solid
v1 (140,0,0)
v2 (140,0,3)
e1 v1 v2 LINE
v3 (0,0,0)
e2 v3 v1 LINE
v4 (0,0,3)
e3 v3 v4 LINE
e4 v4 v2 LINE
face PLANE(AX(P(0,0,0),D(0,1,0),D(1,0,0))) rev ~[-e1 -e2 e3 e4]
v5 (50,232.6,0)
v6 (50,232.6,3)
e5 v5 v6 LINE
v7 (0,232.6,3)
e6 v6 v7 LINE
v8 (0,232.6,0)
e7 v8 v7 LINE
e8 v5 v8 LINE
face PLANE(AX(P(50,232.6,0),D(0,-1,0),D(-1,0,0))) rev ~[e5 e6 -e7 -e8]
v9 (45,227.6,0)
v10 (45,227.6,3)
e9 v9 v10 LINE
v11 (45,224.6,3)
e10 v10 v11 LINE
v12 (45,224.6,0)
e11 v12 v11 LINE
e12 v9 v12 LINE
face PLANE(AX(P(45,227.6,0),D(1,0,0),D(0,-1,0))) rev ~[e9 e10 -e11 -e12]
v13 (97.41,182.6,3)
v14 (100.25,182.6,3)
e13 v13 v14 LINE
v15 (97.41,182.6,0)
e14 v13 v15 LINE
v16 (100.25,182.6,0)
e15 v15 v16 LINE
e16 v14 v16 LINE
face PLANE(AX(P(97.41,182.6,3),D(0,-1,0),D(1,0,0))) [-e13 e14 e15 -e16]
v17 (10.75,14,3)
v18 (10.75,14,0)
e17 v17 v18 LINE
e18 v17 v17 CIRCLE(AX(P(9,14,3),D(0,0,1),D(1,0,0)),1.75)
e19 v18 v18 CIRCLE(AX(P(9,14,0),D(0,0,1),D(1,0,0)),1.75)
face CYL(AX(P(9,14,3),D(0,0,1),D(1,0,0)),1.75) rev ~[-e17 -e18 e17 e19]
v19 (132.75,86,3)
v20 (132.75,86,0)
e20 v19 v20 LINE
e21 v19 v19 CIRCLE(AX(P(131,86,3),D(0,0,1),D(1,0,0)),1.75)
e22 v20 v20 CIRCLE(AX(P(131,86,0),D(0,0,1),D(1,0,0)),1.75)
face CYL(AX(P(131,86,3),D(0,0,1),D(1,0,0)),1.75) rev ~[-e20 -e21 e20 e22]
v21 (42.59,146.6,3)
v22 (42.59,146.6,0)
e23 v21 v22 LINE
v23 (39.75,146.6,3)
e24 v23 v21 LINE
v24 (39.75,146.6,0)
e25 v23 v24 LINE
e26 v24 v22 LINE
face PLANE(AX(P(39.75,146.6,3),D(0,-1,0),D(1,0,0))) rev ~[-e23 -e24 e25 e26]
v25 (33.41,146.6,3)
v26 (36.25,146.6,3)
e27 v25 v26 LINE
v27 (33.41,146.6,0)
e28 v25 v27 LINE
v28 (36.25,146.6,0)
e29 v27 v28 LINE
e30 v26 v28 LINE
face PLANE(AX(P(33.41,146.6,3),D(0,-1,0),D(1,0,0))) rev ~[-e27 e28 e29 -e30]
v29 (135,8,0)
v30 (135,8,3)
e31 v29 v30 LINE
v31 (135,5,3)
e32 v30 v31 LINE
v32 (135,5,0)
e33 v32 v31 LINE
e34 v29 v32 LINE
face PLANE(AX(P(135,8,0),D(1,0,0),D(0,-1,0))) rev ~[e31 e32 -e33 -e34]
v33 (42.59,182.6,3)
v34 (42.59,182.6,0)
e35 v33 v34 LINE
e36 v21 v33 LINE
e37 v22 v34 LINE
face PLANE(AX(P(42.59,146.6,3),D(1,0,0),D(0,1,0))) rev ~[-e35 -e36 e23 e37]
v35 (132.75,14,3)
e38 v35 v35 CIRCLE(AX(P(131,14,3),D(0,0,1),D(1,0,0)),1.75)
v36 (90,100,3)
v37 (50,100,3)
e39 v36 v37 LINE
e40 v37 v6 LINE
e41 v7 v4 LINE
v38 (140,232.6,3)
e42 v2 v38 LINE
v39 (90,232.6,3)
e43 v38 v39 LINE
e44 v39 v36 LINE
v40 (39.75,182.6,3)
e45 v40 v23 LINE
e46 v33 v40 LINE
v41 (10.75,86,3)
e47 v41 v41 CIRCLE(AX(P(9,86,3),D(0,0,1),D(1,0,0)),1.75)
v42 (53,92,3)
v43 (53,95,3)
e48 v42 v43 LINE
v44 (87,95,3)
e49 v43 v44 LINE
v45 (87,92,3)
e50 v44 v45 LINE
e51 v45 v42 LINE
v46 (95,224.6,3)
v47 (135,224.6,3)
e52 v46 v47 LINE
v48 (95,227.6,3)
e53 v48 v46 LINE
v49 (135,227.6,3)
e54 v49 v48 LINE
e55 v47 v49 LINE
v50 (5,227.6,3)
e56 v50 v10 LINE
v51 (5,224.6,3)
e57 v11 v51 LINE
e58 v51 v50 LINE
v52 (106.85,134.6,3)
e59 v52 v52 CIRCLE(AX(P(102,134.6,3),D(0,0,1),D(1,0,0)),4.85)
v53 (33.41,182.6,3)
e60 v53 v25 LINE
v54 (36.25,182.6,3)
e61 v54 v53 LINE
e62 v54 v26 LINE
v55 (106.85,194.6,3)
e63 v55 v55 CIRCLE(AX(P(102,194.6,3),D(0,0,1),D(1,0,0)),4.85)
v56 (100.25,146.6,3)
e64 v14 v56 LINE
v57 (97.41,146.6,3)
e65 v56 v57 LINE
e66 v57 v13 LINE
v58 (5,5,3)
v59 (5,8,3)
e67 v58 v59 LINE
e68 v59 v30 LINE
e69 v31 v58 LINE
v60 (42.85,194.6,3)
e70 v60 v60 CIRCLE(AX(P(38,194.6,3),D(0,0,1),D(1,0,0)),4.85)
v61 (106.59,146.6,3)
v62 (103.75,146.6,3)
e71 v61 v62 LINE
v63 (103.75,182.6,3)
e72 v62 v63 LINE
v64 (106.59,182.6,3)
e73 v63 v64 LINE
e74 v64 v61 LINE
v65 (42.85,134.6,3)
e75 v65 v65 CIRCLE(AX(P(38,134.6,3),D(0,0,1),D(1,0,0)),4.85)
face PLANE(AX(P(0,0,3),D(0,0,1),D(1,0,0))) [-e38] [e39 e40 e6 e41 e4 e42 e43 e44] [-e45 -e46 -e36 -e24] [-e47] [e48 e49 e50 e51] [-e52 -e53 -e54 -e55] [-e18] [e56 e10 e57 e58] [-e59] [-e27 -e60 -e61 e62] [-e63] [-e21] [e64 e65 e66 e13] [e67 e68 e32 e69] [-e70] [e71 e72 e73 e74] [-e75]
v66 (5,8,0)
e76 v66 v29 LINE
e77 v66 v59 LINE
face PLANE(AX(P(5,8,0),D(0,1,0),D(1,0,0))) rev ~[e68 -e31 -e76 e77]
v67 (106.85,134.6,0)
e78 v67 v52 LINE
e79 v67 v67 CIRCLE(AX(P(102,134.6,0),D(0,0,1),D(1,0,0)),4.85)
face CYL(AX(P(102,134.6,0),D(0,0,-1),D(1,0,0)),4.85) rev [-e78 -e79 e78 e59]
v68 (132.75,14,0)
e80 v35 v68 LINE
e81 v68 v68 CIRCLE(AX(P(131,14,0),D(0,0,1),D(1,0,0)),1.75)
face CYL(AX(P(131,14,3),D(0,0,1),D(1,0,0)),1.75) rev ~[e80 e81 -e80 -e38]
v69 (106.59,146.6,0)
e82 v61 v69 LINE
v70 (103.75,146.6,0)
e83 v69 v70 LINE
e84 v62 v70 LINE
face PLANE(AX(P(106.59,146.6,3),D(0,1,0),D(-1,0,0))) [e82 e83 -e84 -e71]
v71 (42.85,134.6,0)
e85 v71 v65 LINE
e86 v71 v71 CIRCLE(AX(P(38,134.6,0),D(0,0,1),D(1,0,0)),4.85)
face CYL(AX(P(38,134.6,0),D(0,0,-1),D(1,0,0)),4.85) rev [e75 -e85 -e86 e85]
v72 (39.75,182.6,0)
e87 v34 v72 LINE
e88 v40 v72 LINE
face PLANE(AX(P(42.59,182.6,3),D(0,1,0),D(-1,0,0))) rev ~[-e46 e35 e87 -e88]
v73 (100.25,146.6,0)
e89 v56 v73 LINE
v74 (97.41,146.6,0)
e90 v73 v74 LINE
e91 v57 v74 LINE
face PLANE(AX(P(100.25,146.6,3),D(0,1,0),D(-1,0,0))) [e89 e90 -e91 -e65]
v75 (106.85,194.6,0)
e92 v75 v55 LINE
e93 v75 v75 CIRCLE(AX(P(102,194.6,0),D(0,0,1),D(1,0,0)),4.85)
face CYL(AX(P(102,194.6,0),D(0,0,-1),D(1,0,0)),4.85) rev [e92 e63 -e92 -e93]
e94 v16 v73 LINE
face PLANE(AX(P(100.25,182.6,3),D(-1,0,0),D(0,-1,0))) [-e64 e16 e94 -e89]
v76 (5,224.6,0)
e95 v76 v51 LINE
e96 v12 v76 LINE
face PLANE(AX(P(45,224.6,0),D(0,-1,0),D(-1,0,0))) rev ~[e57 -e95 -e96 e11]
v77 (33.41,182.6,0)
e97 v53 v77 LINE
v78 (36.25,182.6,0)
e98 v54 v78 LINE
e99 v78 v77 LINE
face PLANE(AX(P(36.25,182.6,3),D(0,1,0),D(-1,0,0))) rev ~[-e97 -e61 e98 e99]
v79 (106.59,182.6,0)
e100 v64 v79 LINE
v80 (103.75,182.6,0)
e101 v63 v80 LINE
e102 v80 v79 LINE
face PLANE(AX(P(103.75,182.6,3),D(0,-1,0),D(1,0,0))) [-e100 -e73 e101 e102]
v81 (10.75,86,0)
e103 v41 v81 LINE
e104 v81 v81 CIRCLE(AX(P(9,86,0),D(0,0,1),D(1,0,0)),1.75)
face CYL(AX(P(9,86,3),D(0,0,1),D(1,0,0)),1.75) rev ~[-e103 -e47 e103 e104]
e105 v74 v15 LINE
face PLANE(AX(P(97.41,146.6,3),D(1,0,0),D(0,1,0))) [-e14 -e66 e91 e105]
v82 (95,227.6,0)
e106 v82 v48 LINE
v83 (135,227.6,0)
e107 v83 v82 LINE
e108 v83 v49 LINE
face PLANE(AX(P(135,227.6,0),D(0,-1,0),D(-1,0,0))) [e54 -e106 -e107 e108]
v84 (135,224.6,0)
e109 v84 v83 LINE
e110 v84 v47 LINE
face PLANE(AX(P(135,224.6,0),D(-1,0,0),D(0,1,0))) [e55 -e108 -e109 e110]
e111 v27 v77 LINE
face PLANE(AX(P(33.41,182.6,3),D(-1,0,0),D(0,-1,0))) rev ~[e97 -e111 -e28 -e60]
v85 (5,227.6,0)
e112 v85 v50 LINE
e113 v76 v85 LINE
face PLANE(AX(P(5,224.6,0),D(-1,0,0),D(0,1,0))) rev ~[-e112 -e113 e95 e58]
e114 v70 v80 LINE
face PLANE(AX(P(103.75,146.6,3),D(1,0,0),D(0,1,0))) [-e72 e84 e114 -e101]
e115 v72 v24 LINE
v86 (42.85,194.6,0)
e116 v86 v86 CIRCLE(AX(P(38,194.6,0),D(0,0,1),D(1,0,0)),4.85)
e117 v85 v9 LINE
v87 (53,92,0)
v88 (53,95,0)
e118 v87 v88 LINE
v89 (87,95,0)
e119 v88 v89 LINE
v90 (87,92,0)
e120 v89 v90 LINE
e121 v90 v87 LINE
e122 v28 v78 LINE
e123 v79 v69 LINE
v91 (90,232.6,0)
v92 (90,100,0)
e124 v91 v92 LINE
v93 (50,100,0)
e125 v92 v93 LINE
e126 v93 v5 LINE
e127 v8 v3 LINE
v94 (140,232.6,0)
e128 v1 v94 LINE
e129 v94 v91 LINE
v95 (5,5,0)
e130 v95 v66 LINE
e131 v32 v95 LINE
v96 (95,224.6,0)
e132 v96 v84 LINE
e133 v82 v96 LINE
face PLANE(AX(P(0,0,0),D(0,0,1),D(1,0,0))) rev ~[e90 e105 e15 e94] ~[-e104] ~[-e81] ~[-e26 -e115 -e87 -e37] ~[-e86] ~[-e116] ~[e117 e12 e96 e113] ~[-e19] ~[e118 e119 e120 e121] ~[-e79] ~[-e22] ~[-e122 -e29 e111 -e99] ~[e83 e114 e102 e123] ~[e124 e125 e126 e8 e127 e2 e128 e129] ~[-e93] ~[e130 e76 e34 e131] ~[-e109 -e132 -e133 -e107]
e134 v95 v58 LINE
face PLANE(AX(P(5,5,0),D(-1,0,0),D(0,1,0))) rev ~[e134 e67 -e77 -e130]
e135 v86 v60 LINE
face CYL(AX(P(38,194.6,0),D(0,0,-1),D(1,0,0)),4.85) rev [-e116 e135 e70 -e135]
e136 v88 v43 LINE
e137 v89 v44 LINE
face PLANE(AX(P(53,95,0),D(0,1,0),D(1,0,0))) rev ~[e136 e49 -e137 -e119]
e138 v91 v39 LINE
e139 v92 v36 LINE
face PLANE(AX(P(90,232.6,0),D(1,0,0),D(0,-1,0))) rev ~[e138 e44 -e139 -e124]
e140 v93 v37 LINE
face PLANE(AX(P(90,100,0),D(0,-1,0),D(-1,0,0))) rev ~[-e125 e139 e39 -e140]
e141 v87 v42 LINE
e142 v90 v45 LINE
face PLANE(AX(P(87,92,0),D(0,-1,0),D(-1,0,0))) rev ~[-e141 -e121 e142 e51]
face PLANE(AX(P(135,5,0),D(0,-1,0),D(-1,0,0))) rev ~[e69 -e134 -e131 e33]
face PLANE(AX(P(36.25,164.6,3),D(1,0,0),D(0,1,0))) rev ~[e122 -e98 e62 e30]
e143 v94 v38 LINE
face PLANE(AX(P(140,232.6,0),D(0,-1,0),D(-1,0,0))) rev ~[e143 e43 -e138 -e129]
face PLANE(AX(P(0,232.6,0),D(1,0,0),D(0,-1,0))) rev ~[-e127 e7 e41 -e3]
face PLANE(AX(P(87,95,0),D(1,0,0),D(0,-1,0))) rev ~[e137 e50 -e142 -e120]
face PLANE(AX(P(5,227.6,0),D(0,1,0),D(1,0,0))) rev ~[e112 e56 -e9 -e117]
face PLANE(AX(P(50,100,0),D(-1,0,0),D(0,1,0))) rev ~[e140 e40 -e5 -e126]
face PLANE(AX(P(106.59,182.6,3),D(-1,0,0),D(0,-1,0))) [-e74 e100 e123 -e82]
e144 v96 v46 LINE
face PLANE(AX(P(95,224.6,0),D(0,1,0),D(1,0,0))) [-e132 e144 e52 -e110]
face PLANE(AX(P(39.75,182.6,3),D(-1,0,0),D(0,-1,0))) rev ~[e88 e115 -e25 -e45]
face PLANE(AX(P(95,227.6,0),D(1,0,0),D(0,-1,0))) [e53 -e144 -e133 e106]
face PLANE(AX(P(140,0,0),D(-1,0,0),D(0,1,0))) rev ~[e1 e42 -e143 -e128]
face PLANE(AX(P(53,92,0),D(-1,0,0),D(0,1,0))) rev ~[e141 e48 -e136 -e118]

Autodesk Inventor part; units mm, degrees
ref_plane "YZ Plane" through (0, 0, 0) normal (1, 0, 0) x (0, 1, 0)
ref_plane "XZ Plane" through (0, 0, 0) normal (0, 1, 0) x (-1, 0, 0)
ref_plane "XY Plane" through (0, 0, 0) normal (0, 0, 1) x (1, 0, 0)
sketch "Sketch1" plane through (0, 0, 0) normal (0, 0, 1) x (1, 0, 0)
  line L0 (0, 0) -> (140, 0)
  line L1 (140, 0) -> (140, 232.6)
  line L2 (140, 232.6) -> (90, 232.6)
  line L3 (90, 232.6) -> (90, 100)
  line L4 (90, 100) -> (50, 100)
  line L5 (50, 100) -> (50, 232.6)
  line L6 (50, 232.6) -> (0, 232.6)
  line L7 (0, 232.6) -> (0, 0)
  line L8 (70, 100) -> (70, 0) construction
  line L9 (30, 232.2963) -> (30, 0) construction
  circle A0 centre (38, 194.6) radius 4.85
  circle A1 centre (38, 134.6) radius 4.85
  circle A2 centre (102, 194.6) radius 4.85
  circle A3 centre (102, 134.6) radius 4.85
  circle A4 centre (30, 194.6) radius 14 construction
  circle A5 centre (30, 134.6) radius 14 construction
  line L10 (5, 227.6) -> (45, 227.6)
  line L11 (45, 227.6) -> (45, 224.6)
  line L12 (45, 224.6) -> (5, 224.6)
  line L13 (5, 224.6) -> (5, 227.6)
  line L14 (53, 95) -> (87, 95)
  line L15 (87, 95) -> (87, 92)
  line L16 (87, 92) -> (53, 92)
  line L17 (53, 92) -> (53, 95)
  line L18 (5, 8) -> (135, 8)
  line L19 (135, 8) -> (135, 5)
  line L20 (135, 5) -> (5, 5)
  line L21 (5, 5) -> (5, 8)
  line L22 (135, 227.6) -> (95, 227.6)
  line L23 (95, 227.6) -> (95, 224.6)
  line L24 (95, 224.6) -> (135, 224.6)
  line L25 (135, 224.6) -> (135, 227.6)
  line L26 (30, 194.6) -> (50, 194.6) construction
  line L27 (30, 134.6) -> (50, 134.6) construction
  circle A6 centre (30, 202.6) radius 4.5
  dimension "d0" = 40
  dimension "d2" = 132.6
  dimension "d3" = 100
  dimension "d4" = 9.7
  dimension "d6" = 60
  dimension "d10" = 28
  dimension "d11" = 8
  dimension "d12" = 8
  dimension "d13" = 5
  dimension "d14" = 5
  dimension "d15" = 5
  dimension "d16" = 3
  dimension "d17" = 3
  dimension "d18" = 5
  dimension "d19" = 3
  dimension "d20" = 3
  dimension "d21" = 5
  dimension "d22" = 5
  dimension "d23" = 5
  dimension "d24" = 3
  dimension "d32" = 9
  dimension "d33" = 8
  dimension "d34" = 30
  dimension "d39" = 20
  dimension "d40" = 50
extrude "Extrusion2" add sketch "Sketch1" along normal blind 3 contours L7 L6 L5 L4 L3 L2 L1 L0 | A6
sketch "Sketch2" plane through (0, 0, 3) normal (0, 0, 1) x (1, 0, 0)
  circle A0 centre (38, 194.6) radius 4.85 construction
  line L0 (50, 232.6) -> (0, 232.6) construction
  line L1 (50, 232.6) -> (0, 232.6) construction
  line L2 (36.25, 182.6) -> (33.41, 182.6)
  line L3 (33.41, 182.6) -> (33.41, 146.6)
  line L4 (33.41, 146.6) -> (36.25, 146.6)
  line L5 (36.25, 146.6) -> (36.25, 182.6)
  line L6 (90, 100) -> (50, 100) construction
  line L7 (70, 100) -> (70, 0) construction
  line L8 (39.75, 146.6) -> (42.59, 146.6)
  line L9 (42.59, 146.6) -> (42.59, 182.6)
  line L10 (42.59, 182.6) -> (39.75, 182.6)
  line L11 (39.75, 182.6) -> (39.75, 146.6)
  line L12 (103.75, 182.6) -> (106.59, 182.6)
  line L13 (106.59, 182.6) -> (106.59, 146.6)
  line L14 (106.59, 146.6) -> (103.75, 146.6)
  line L15 (103.75, 146.6) -> (103.75, 182.6)
  line L16 (100.25, 146.6) -> (97.41, 146.6)
  line L17 (97.41, 146.6) -> (97.41, 182.6)
  line L18 (97.41, 182.6) -> (100.25, 182.6)
  line L19 (100.25, 182.6) -> (100.25, 146.6)
  line L20 (33.41, 164.6) -> (7.5179, 164.6)
  circle A1 centre (38, 134.6) radius 4.85 construction
  line L21 (38, 134.6) -> (38, 194.6)
  line L22 (38, 164.6) -> (28.9281, 164.6)
  point P0 (0, 0)
  dimension "d28" = 2.84
  dimension "d31" = 36
  dimension "d35" = 1.75
  dimension "d36" = 3.5
extrude "Extrusion3" cut sketch "Sketch2" against normal blind 3
sketch "Sketch3" plane through (0, 0, 3) normal (0, 0, 1) x (1, 0, 0)
  line L0 (5, 90) -> (135, 90)
  line L1 (135, 90) -> (135, 10)
  line L2 (135, 10) -> (5, 10)
  line L3 (5, 10) -> (5, 90)
  line L4 (5, 8) -> (135, 8) construction
  line L5 (5, 8) -> (135, 8) construction
  line L6 (135, 8) -> (135, 92) construction
  line L7 (135, 92) -> (5, 92) construction
  line L8 (5, 92) -> (5, 8) construction
  line L9 (87, 92) -> (53, 92) construction
  line L10 (135, 8) -> (135, 5) construction
  line L11 (5, 92) -> (135, 8) construction
  line L12 (5, 8) -> (135, 92) construction
  line L13 (5, 90) -> (135, 10) construction
  line L14 (5, 10) -> (135, 90) construction
  circle A0 centre (9, 86) radius 1.75
  line L15 (70, 50) -> (70, 68.0363) construction
  line L16 (70, 50) -> (82.7907, 50) construction
  circle A1 centre (131, 86) radius 1.75
  circle A2 centre (9, 14) radius 1.75
  circle A3 centre (131, 14) radius 1.75
  point P0 (0, 0)
  dimension "d37" = 130
  dimension "d38" = 80
  dimension "d41" = 3.5
  dimension "d42" = 4
  dimension "d43" = 4
extrude "Extrusion4" cut sketch "Sketch3" against normal blind 10 contours A0 | A1 | A2 | A3
equation "\"d0\" = 0.5 * marshdistance"
equation "\"d2\" = sidewallL"
equation "\"d3\" = Uthick"
equation "\"d6\" = marshmarshD"
equation "\"d34\" = marshedgeD"
equation "\"d39\" = 0.5 * Utip"
equation "\"d35\" = 0.5 * stickL"
equation "\"d36\" = stickL"
equation "\"d43\" = d42"
equation "\"thick\" = 0.5"
equation "\"lrlr\" = 19"
equation "\"lrmid\" = 19.9"
equation "\"lrdepth\" = 3.3"
equation "\"mlr\" = 16.6"
equation "\"mmid\" = 24.7"
equation "\"mdepth\" = 4.5"
equation "\"lrltotal\" = 126.6"
equation "\"mltotal\" = 126.6"
equation "\"lrbetween\" = 52.1"
equation "\"mbetween\" = 49.5"
equation "\"toler\" = 1"
equation "\"tight\" = 0.08"
equation "\"stuckw\" = 6"
equation "\"sidewallL\" = 132.6"
equation "\"heaterH\" = 117.3"
equation "\"Uthick\" = 100"
equation "\"marshmarshD\" = 60"
equation "\"marshedgeD\" = 30"
equation "\"stickL\" = 3.5"
equation "\"wireH\" = 25"
equation "\"marshdistance\" = 80"
equation "\"Utip\" = 40"
properties part number "Ushape_top"
